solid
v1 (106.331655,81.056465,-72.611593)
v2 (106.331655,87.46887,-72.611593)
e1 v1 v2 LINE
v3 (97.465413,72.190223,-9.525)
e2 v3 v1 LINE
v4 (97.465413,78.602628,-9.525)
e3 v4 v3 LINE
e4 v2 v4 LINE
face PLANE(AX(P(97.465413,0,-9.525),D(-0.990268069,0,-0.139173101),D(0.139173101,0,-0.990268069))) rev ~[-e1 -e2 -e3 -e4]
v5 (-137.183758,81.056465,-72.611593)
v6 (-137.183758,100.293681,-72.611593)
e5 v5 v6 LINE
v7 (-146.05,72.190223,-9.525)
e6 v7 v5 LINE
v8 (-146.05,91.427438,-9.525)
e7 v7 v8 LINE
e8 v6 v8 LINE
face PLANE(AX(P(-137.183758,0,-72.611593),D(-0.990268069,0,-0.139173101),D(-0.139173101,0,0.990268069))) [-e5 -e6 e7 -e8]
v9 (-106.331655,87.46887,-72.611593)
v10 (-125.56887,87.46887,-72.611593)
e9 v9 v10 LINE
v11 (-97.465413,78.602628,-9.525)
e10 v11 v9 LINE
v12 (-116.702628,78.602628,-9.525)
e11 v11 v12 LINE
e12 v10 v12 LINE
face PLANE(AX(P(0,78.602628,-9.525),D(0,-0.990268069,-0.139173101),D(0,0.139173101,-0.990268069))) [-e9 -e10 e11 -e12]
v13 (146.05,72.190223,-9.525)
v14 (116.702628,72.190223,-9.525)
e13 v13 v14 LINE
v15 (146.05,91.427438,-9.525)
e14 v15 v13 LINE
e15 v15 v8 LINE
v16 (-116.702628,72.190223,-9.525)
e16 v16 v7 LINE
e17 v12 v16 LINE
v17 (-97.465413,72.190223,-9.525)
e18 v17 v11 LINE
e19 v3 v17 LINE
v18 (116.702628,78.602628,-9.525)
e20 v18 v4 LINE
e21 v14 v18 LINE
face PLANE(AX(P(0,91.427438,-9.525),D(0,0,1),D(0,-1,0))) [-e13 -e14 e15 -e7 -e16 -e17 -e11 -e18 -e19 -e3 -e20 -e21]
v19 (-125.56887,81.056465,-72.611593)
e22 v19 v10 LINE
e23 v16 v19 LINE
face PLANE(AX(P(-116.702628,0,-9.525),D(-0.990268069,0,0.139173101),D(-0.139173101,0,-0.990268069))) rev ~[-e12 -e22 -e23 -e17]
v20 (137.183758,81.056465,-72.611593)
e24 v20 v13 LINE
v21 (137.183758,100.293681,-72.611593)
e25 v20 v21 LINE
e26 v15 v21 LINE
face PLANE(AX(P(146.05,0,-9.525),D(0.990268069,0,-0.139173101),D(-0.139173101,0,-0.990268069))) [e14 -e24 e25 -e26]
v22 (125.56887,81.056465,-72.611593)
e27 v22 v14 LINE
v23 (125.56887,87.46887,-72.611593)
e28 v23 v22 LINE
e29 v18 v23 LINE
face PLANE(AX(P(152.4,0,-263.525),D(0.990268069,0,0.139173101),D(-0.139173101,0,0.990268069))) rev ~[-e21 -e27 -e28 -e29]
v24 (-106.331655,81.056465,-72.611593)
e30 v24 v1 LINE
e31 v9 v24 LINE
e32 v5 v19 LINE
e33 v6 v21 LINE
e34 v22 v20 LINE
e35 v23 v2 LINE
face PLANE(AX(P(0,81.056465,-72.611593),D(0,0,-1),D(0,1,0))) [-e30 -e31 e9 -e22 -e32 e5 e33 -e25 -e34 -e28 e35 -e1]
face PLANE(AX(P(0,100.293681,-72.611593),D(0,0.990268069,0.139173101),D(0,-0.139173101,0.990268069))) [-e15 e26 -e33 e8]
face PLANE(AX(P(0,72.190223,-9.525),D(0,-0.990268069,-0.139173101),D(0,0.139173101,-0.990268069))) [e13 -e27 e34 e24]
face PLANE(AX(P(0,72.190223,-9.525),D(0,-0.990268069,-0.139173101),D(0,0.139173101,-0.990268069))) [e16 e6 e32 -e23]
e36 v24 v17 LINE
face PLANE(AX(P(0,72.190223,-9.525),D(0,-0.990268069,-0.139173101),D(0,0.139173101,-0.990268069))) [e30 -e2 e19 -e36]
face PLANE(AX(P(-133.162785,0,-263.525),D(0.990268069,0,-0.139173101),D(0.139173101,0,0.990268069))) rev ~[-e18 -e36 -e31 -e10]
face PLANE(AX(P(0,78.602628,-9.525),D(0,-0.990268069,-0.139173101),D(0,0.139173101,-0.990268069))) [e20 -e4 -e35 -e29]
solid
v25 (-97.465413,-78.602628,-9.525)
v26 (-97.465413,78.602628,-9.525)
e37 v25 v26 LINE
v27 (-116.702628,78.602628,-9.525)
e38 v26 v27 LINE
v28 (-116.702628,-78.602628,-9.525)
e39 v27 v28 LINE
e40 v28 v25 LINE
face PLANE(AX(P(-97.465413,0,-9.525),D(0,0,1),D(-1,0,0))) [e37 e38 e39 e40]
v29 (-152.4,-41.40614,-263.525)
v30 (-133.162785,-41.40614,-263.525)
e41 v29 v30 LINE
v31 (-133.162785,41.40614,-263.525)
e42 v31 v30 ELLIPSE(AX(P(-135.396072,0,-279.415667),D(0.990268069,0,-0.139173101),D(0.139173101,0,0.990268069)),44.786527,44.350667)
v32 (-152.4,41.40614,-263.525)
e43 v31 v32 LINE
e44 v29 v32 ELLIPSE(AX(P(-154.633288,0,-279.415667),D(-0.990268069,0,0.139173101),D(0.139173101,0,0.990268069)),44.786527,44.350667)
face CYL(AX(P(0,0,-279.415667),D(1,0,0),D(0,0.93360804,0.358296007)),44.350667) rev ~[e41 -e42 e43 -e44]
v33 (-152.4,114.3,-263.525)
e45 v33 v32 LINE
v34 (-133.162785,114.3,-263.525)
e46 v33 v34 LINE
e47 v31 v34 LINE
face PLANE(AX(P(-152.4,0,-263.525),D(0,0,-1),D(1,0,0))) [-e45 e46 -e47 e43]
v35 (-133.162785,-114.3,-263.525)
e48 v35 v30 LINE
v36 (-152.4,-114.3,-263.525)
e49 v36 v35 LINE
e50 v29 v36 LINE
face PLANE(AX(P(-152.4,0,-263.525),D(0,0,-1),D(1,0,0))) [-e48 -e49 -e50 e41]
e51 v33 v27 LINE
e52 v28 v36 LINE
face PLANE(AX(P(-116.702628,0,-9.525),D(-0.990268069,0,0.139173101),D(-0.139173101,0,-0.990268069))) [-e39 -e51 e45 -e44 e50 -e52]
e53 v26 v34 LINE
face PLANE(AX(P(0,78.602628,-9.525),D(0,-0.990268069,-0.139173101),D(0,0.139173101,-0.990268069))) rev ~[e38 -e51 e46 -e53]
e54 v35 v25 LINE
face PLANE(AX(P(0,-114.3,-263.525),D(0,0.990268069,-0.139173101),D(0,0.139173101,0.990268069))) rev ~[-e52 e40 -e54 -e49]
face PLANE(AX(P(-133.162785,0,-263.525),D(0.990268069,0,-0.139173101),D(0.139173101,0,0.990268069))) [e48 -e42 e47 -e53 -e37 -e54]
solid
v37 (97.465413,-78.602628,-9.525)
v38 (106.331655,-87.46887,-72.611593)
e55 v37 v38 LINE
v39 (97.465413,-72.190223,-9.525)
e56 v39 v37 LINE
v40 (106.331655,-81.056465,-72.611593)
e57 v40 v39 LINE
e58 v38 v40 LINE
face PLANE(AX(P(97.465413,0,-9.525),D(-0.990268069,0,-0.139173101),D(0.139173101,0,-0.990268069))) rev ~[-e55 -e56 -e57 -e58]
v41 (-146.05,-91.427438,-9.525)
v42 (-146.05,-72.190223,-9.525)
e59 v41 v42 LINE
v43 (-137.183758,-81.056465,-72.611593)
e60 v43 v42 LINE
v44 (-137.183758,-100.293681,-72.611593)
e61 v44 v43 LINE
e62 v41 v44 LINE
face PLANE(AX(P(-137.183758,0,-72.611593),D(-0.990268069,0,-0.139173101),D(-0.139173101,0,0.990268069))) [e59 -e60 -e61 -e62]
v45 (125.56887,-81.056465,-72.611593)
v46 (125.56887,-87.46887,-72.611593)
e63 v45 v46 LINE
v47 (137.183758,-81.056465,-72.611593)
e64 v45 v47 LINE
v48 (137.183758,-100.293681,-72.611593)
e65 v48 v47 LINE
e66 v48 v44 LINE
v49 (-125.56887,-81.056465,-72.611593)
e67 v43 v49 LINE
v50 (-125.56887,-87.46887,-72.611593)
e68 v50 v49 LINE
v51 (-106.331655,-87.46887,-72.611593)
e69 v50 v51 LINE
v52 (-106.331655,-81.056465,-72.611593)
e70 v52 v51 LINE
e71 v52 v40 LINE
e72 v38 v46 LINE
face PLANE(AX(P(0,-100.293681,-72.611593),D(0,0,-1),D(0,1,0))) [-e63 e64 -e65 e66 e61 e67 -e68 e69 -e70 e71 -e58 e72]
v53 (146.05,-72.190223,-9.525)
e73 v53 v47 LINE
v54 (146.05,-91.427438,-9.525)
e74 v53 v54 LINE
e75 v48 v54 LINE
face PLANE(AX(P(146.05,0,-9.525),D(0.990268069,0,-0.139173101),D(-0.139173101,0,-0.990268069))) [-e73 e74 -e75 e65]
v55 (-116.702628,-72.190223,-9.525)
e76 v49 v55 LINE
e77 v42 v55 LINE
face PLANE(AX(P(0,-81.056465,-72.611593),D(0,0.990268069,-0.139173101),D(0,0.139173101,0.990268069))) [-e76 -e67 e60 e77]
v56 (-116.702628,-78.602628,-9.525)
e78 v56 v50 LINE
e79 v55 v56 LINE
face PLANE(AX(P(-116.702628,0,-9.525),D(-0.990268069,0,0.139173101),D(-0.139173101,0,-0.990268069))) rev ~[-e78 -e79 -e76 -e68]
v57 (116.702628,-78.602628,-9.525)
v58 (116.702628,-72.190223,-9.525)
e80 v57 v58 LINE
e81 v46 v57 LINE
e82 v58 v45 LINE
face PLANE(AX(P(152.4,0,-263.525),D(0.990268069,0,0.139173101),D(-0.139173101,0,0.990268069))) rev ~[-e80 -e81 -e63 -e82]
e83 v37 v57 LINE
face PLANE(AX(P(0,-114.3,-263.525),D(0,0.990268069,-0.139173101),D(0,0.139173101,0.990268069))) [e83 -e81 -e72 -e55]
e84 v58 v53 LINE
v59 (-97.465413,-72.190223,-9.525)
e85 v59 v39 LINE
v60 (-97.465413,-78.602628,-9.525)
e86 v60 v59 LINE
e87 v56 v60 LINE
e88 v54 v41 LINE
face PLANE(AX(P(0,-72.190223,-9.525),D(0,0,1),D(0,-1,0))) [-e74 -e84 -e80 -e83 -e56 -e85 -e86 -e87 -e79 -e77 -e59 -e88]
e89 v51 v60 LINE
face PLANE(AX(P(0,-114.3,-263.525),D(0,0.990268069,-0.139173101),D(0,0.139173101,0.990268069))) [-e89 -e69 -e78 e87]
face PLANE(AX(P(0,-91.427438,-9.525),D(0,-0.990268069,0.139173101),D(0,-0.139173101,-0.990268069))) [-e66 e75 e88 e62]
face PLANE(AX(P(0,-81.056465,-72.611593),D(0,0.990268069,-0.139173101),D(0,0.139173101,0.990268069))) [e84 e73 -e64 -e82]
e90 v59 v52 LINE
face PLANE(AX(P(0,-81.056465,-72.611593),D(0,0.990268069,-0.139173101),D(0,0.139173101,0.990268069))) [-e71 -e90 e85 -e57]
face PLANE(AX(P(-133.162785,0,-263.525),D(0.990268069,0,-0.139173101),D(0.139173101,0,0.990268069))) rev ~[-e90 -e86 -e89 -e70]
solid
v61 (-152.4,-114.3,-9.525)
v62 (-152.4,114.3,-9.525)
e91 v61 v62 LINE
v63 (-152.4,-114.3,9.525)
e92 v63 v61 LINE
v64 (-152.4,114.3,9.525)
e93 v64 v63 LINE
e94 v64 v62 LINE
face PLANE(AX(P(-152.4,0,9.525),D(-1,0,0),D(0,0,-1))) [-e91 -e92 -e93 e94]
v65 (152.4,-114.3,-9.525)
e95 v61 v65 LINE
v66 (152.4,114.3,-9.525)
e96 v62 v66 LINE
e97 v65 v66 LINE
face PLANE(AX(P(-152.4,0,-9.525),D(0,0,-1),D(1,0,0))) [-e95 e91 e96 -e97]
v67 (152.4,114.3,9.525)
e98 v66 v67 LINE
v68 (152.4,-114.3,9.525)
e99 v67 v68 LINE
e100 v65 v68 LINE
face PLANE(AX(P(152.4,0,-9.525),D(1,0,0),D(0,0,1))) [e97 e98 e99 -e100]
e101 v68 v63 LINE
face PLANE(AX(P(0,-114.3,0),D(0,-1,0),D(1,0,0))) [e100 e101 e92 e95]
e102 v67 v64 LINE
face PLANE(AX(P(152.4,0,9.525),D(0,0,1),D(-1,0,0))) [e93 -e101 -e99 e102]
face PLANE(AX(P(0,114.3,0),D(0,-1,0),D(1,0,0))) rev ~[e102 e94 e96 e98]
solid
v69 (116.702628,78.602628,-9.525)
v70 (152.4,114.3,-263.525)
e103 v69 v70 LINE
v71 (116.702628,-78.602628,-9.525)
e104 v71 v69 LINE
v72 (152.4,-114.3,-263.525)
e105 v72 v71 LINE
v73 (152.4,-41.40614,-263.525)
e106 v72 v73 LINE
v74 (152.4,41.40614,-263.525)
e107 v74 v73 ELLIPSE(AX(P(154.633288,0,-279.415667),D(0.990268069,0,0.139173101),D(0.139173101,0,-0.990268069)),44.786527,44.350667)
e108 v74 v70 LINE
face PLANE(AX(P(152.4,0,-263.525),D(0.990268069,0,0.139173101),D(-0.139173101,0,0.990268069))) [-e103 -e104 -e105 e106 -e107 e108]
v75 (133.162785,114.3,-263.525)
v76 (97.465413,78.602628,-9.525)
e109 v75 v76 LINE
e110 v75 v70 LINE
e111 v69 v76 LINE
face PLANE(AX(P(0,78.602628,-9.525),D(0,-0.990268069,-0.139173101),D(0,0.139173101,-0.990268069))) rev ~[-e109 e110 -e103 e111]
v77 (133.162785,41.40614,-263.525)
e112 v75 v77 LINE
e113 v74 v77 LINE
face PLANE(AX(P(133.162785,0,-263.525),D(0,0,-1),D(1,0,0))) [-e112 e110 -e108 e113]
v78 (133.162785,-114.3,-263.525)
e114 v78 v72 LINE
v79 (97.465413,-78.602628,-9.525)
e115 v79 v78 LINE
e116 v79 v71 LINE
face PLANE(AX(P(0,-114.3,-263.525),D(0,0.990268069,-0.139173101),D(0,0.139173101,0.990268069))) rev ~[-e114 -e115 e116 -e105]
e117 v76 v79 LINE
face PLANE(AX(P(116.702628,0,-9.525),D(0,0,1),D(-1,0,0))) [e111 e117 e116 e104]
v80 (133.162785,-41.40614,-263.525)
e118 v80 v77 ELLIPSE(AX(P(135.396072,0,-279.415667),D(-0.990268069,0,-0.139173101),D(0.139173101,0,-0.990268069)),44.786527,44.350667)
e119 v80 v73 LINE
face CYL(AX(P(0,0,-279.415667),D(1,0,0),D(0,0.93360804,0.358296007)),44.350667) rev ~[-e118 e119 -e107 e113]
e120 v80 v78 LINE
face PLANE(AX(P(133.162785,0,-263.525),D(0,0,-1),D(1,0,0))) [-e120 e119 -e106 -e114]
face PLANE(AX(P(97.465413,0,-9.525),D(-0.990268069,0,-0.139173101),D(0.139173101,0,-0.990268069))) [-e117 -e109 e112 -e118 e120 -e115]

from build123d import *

# Parameters (mm, degrees)
F1_DEPTH      = 114.3
F2_DEPTH      = 114.3
F2_DEPTH_BACK = 114.3
F4_DEPTH      = 152.401
F4_DEPTH_BACK = 152.401
F6_DEPTH      = 152.4
F6_DEPTH_BACK = 152.4
F7_DEPTH      = 114.3010000004
F7_DEPTH_BACK = 114.3010000004


with BuildPart() as f1:
    # F0 (on Front) → F1 (new body, symmetric)
    with BuildSketch(Plane.XZ):
        Polygon((152.4, -9.525), (152.4, 9.525), (-152.4, 9.525), (-152.4, -9.525), (-146.05, -9.525), (-116.7026279856, -9.525), (-97.4654127291, -9.525), (97.4654127291, -9.525), (116.7026279856, -9.525), (146.05, -9.525), align=None)
    extrude(amount=F1_DEPTH, both=True)


with BuildPart() as f2:
    # F0 (on Front) → F2 (new body, two sides)
    with BuildSketch(Plane.XZ) as f2_sk:
        Polygon((-97.4654127291, -9.525), (-116.7026279856, -9.525), (-125.568870422, -72.6115929831), (-106.3316551655, -72.6115929831), align=None)
        Polygon((-106.3316551655, -72.6115929831), (-125.568870422, -72.6115929831), (-152.4, -263.525), (-133.1627847435, -263.525), align=None)
    extrude(amount=F2_DEPTH)
    extrude(f2_sk.sketch, amount=-F2_DEPTH_BACK)


with BuildPart() as f2b:
    # F0 (on Front) → F2, piece 2 (new body, two sides)
    with BuildSketch(Plane.XZ) as f2_2_sk:
        Polygon((125.568870422, -72.6115929831), (116.7026279856, -9.525), (97.4654127291, -9.525), (106.3316551655, -72.6115929831), align=None)
        Polygon((152.4, -263.525), (125.568870422, -72.6115929831), (106.3316551655, -72.6115929831), (133.1627847435, -263.525), align=None)
    extrude(amount=F2_DEPTH)
    extrude(f2_2_sk.sketch, amount=-F2_DEPTH_BACK)


with BuildPart() as f4_tool:
    # F3 (on Right) → F4 (new body, two sides)
    with BuildSketch(Plane.YZ) as f4_sk:
        with BuildLine():
            Line((-3e-10, -263.525), (41.4061397314, -263.525))
            ThreePointArc((41.4061397314, -263.525), (0, -235.0649995652), (-41.4061397314, -263.525))
            Line((-41.4061397314, -263.525), (-3e-10, -263.525))
        make_face()
        Polygon((-114.3000000004, -263.525), (-78.6026279859, -9.525), (-114.3000000004, -9.525), align=None)
        Polygon((114.2999999998, -263.525), (114.2999999998, -9.525), (78.6026279859, -9.525), align=None)
    extrude(amount=F4_DEPTH)
    extrude(f4_sk.sketch, amount=-F4_DEPTH_BACK)


with BuildPart() as f2_1:
    add(f2.part)

    # F4: cut by f4_tool
    add(f4_tool.part, mode=Mode.SUBTRACT)


with BuildPart() as f2b_1:
    add(f2b.part)

    # F4: cut by f4_tool
    add(f4_tool.part, mode=Mode.SUBTRACT)


with BuildPart() as f6:
    # F5 (on Right) → F6 (new body, two sides)
    with BuildSketch(Plane.YZ) as f6_sk:
        Polygon((78.6026279859, -9.525), (72.1902229004, -9.525), (81.0564653368, -72.6115929831), (87.4688704223, -72.6115929831), align=None)
        Polygon((91.4274381569, -9.525), (78.6026279859, -9.525), (87.4688704223, -72.6115929831), (100.2936805933, -72.6115929831), align=None)
    extrude(amount=F6_DEPTH)
    extrude(f6_sk.sketch, amount=-F6_DEPTH_BACK)


with BuildPart() as f6b:
    # F5 (on Right) → F6, piece 2 (new body, two sides)
    with BuildSketch(Plane.YZ) as f6_2_sk:
        Polygon((-100.2936805933, -72.6115929831), (-87.4688704223, -72.6115929831), (-78.6026279859, -9.525), (-91.4274381569, -9.525), align=None)
        Polygon((-78.6026279859, -9.525), (-87.4688704223, -72.6115929831), (-81.0564653368, -72.6115929831), (-72.1902229004, -9.525), align=None)
    extrude(amount=F6_DEPTH)
    extrude(f6_2_sk.sketch, amount=-F6_DEPTH_BACK)


with BuildPart() as f7_tool:
    # F0 (on Front) → F7 (new body, two sides)
    with BuildSketch(Plane.XZ) as f7_sk:
        Polygon((-146.05, -9.525), (-152.4, -9.525), (-152.4, -72.6115929831), (-137.1837575636, -72.6115929831), align=None)
        Polygon((152.4, -72.6115929831), (152.4, -9.525), (146.05, -9.525), (137.1837575636, -72.6115929831), align=None)
    extrude(amount=-F7_DEPTH)
    extrude(f7_sk.sketch, amount=F7_DEPTH_BACK)


with BuildPart() as f6_1:
    add(f6.part)

    # F7: cut by f7_tool
    add(f7_tool.part, mode=Mode.SUBTRACT)

    # F9: cut F2
    add(f2_1.part, mode=Mode.SUBTRACT)

    # F10: cut F2b
    add(f2b_1.part, mode=Mode.SUBTRACT)


with BuildPart() as f6b_1:
    add(f6b.part)

    # F7: cut by f7_tool
    add(f7_tool.part, mode=Mode.SUBTRACT)

    # F8: cut F2
    add(f2_1.part, mode=Mode.SUBTRACT)

    # F11: cut F2b
    add(f2b_1.part, mode=Mode.SUBTRACT)


solid = Compound([f1.part, f2_1.part, f2b_1.part, f6_1.part, f6b_1.part])
